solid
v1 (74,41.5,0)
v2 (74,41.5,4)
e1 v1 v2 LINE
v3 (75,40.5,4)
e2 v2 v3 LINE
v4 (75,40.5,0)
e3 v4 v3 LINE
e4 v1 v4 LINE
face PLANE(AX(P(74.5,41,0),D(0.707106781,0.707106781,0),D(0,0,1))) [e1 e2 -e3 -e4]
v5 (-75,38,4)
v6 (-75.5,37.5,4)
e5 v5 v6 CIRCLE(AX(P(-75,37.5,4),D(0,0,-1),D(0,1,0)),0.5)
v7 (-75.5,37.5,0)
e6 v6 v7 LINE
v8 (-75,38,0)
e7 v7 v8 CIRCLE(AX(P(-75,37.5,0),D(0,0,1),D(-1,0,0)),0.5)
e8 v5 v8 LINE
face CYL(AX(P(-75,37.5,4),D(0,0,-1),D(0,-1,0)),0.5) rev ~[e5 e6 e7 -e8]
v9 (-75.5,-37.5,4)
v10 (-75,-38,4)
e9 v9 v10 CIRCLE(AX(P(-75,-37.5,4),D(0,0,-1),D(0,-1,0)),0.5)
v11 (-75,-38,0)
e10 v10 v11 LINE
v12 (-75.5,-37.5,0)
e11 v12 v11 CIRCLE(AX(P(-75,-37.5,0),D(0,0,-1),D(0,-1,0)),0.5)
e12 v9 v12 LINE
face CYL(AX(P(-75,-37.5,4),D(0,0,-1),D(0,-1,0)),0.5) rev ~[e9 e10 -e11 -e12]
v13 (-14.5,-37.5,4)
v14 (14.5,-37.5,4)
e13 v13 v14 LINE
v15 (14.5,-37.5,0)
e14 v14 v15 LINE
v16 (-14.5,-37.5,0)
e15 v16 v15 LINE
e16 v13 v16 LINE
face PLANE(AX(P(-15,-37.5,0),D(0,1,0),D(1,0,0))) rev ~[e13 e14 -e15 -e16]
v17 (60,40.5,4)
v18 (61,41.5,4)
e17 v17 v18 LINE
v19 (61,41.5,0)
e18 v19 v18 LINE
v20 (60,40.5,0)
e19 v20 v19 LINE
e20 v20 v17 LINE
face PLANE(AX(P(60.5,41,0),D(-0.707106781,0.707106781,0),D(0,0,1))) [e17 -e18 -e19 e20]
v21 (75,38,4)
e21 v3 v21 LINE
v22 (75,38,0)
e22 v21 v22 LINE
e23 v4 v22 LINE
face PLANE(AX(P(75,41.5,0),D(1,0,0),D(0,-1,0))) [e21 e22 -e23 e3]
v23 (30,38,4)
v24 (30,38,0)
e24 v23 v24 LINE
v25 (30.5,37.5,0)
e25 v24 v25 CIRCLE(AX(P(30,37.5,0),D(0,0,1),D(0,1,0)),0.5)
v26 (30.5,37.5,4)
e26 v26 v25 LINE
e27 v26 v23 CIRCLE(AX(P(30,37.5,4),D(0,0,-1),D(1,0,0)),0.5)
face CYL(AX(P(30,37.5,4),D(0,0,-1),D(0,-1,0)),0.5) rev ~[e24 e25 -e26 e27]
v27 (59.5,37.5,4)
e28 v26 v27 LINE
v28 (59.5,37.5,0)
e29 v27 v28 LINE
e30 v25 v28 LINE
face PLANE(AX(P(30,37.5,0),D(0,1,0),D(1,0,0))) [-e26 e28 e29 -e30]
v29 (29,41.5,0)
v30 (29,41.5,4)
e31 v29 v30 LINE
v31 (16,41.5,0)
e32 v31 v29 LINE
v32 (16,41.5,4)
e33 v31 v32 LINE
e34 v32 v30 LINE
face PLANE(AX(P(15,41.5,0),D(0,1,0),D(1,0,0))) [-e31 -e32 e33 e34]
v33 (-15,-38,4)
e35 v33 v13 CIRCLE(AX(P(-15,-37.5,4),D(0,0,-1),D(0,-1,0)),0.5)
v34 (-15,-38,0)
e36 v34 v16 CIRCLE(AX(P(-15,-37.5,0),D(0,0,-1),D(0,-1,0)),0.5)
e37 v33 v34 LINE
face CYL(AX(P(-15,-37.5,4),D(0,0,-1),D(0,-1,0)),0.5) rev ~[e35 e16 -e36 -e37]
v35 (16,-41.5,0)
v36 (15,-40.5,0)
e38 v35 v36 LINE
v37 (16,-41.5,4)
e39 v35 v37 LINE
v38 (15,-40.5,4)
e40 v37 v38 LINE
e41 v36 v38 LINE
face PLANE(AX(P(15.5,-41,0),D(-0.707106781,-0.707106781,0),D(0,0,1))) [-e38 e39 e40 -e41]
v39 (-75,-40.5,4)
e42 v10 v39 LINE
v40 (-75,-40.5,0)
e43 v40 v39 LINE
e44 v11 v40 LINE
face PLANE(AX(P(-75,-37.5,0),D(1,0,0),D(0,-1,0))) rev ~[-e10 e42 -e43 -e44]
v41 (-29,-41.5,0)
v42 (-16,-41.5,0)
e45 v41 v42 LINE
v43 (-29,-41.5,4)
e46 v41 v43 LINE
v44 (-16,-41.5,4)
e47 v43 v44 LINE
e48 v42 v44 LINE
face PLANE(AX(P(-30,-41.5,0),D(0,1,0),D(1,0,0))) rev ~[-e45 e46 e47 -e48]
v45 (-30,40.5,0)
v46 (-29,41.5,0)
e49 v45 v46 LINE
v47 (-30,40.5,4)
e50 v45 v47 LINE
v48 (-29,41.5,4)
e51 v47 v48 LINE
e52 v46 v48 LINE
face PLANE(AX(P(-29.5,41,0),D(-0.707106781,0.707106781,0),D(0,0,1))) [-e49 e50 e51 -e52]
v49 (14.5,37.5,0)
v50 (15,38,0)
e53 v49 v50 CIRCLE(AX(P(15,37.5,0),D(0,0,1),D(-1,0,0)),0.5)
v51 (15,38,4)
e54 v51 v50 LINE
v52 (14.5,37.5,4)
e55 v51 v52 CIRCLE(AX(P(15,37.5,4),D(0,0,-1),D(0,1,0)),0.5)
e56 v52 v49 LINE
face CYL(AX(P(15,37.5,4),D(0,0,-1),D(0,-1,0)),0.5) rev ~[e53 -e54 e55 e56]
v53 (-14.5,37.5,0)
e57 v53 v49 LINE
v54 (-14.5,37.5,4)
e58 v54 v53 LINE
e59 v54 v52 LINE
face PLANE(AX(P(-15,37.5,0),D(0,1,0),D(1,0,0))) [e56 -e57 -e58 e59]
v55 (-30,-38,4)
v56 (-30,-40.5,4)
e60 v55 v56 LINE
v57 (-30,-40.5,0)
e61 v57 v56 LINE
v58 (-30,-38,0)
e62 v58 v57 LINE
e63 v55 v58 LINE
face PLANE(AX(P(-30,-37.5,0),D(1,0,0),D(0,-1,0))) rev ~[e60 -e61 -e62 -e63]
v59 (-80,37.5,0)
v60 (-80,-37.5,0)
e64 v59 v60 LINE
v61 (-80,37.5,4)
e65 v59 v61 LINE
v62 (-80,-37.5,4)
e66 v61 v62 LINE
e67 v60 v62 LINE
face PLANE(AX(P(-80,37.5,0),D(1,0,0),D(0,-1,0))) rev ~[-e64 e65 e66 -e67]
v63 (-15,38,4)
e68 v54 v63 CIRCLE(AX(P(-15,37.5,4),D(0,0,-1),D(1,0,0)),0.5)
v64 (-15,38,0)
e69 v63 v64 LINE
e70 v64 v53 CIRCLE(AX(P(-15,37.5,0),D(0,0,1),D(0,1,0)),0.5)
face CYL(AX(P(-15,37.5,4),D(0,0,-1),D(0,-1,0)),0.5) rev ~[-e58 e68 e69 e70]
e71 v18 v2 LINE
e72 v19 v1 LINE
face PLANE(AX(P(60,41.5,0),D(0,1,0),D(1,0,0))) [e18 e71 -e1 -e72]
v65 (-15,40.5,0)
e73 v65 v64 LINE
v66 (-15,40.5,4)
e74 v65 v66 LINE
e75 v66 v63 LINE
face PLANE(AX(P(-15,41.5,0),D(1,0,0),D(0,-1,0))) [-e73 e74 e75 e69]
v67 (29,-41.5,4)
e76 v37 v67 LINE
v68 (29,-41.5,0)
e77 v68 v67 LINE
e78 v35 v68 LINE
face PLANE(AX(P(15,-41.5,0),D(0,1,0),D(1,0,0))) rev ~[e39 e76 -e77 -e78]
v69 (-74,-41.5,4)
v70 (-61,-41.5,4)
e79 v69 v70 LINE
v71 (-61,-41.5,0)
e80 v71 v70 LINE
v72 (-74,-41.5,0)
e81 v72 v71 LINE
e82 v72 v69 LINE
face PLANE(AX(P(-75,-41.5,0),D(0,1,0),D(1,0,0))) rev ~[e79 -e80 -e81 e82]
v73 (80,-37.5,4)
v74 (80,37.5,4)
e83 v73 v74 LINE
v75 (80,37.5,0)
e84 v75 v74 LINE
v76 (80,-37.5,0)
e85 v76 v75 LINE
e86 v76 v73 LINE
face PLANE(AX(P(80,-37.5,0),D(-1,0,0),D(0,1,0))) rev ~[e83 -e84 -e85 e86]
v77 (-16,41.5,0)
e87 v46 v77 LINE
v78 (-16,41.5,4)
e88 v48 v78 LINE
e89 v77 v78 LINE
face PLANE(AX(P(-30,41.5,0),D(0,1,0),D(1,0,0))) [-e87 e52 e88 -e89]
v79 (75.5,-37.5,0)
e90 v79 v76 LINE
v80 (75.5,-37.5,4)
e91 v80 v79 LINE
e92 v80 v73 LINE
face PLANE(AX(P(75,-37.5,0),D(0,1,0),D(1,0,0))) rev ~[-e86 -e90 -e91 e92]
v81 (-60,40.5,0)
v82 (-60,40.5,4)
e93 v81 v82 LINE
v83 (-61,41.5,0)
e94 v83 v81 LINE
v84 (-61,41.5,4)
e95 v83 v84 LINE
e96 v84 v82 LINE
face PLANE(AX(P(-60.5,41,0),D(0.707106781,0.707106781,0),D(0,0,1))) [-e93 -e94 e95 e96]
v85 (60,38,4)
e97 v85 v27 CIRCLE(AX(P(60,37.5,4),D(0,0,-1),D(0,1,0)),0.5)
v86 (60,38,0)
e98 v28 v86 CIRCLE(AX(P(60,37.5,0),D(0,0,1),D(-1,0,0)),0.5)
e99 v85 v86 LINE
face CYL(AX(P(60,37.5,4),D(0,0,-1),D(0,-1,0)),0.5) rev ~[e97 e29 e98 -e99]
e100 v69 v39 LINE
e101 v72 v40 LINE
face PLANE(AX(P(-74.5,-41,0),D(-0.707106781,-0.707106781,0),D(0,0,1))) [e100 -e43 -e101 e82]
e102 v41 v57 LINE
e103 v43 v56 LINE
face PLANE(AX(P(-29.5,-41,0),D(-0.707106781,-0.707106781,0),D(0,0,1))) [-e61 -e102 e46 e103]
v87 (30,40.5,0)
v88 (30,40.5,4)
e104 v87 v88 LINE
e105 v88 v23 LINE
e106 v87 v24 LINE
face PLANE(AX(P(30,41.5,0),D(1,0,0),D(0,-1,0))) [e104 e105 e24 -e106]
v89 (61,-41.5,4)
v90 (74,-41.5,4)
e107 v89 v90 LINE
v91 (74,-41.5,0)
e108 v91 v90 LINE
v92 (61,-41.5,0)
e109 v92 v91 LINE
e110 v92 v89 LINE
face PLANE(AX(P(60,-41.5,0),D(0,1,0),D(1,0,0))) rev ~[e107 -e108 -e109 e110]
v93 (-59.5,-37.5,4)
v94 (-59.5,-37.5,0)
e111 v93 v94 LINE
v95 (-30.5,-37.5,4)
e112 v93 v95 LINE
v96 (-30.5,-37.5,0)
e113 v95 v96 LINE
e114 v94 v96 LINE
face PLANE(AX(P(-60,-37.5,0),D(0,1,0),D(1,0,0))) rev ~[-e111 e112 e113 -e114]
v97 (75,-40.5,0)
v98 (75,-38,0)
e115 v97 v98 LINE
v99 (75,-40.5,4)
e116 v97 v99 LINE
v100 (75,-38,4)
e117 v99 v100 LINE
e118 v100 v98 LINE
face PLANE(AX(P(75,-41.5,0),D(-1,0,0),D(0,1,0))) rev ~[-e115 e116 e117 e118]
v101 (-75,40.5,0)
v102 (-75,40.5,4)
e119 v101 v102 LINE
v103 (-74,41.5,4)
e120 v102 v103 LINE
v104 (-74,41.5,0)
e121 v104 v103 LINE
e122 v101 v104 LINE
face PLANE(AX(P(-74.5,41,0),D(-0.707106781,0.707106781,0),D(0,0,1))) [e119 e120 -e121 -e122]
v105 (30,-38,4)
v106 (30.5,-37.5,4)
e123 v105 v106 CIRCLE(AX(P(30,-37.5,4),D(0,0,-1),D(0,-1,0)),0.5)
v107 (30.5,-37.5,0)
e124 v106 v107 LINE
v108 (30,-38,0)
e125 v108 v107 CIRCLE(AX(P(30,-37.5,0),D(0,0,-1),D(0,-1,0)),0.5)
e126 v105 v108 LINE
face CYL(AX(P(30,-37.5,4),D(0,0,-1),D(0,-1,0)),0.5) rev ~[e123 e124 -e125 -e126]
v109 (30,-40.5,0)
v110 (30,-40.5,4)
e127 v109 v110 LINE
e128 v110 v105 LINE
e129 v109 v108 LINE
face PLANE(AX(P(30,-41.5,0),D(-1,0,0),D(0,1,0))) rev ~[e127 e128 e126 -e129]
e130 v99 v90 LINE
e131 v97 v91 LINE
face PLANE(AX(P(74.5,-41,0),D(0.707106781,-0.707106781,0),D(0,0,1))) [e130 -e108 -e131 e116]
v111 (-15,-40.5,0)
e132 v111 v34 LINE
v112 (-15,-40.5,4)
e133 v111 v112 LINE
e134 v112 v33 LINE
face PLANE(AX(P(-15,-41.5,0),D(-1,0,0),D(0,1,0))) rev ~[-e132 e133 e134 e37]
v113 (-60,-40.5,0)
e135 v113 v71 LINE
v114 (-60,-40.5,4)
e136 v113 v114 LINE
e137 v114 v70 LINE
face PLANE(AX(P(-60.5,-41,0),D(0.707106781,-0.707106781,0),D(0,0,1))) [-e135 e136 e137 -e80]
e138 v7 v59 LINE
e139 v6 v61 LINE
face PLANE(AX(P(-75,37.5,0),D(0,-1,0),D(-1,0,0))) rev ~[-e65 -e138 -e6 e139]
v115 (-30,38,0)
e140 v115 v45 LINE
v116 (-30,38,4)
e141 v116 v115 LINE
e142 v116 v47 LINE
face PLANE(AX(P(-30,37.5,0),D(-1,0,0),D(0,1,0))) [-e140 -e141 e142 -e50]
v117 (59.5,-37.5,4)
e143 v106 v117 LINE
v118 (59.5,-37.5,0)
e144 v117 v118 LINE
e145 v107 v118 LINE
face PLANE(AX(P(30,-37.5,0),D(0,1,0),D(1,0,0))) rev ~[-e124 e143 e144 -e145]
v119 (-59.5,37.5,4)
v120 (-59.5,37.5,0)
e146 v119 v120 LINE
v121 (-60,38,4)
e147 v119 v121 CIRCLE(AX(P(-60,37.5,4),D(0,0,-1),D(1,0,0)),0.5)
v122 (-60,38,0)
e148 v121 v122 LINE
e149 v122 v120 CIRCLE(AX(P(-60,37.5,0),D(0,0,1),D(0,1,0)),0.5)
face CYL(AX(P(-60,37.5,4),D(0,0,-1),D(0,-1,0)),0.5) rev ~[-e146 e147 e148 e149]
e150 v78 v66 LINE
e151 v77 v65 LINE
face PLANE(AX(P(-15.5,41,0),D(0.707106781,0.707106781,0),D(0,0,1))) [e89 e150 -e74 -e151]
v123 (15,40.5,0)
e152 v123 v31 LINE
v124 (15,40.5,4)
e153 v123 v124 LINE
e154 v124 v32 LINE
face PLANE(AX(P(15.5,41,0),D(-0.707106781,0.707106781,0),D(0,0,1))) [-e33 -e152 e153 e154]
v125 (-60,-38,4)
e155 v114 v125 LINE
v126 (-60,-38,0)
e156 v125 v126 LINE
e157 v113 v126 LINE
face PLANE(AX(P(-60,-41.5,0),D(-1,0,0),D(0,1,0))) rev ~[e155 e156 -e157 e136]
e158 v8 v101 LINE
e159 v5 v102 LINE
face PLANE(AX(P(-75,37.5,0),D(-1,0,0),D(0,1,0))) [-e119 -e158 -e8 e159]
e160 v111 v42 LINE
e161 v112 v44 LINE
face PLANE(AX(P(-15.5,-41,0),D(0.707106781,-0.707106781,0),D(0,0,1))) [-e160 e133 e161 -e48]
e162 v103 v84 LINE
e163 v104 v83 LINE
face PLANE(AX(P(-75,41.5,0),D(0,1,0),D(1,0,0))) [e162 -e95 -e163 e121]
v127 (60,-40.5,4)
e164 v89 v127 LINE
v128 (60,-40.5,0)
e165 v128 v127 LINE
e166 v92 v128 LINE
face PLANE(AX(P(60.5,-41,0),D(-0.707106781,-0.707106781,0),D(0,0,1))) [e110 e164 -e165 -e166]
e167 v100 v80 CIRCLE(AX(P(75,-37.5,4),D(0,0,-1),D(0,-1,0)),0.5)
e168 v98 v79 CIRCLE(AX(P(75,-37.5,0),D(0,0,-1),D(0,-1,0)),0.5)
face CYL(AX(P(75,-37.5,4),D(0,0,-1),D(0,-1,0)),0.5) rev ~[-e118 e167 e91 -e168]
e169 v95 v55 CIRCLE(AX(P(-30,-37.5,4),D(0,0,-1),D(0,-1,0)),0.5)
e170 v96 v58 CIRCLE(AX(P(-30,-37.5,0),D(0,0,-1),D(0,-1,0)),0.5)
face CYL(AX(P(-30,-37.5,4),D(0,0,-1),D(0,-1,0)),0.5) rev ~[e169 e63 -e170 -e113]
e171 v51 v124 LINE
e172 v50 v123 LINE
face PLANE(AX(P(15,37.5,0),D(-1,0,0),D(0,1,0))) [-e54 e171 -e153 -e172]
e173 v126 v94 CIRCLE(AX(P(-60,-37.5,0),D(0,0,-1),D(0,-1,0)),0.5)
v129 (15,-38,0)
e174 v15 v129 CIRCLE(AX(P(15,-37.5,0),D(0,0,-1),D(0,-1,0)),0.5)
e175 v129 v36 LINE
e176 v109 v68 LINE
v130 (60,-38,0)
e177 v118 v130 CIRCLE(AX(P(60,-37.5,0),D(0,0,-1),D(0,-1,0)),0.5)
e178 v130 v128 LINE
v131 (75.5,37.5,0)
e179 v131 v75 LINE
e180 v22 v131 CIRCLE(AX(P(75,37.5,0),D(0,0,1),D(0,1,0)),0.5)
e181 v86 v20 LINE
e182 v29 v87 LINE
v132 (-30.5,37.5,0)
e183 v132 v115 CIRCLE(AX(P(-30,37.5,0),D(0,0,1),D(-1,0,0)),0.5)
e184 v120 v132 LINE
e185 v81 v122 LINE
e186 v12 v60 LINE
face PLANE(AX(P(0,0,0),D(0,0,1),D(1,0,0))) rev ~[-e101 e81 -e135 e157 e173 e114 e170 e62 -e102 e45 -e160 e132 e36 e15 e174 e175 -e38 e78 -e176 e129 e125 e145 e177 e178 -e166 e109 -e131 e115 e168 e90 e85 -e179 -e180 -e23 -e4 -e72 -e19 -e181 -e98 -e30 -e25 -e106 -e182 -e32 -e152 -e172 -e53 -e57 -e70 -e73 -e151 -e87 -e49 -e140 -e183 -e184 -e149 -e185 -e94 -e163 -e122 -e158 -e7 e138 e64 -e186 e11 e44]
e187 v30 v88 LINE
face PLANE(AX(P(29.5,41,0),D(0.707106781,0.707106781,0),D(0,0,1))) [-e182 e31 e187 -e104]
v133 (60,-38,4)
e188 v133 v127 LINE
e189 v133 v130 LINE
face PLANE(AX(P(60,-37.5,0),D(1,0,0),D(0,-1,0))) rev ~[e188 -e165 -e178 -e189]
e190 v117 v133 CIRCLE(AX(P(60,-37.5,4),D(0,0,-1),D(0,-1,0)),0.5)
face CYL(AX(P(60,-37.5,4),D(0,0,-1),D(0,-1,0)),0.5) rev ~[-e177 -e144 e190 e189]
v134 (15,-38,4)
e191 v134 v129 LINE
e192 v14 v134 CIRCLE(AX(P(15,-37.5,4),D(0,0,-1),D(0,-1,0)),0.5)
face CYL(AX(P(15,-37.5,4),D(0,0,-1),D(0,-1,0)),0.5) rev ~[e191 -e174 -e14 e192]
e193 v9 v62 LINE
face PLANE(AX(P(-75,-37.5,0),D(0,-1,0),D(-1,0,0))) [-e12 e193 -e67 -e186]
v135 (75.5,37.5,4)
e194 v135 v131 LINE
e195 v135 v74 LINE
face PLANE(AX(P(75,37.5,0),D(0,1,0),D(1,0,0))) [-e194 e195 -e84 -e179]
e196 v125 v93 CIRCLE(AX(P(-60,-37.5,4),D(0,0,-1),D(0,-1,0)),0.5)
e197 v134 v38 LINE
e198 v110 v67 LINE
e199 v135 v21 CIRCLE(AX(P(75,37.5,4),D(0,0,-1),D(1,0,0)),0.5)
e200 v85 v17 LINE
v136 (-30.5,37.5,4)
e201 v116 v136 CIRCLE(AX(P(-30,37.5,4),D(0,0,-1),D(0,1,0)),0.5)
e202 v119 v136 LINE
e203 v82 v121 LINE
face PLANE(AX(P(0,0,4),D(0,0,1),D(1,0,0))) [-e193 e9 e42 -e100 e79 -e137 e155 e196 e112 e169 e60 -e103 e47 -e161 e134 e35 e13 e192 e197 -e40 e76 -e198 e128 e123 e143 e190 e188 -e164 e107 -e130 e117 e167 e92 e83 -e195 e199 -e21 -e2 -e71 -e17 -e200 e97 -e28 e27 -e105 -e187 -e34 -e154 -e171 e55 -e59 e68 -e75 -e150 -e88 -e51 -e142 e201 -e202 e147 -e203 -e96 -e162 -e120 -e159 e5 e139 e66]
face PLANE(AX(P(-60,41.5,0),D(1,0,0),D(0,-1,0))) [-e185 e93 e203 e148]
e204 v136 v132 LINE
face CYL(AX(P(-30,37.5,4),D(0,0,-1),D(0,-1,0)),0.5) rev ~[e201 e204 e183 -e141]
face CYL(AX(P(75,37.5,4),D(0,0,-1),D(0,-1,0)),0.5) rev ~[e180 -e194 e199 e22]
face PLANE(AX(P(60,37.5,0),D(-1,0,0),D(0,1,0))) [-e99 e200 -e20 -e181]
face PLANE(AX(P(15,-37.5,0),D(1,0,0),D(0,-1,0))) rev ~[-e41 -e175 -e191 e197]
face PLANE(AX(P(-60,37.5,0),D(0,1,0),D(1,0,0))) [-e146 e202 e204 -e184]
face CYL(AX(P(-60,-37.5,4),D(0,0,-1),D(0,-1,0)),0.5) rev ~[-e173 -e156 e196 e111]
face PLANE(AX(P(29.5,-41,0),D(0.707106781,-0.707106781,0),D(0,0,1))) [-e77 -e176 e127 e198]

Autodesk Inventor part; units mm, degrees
ref_plane "Plan YZ" through (0, 0, 0) normal (1, 0, 0) x (0, 1, 0)
ref_plane "Plan XZ" through (0, 0, 0) normal (0, 1, 0) x (-1, 0, 0)
ref_plane "Plan XY" through (0, 0, 0) normal (0, 0, 1) x (1, 0, 0)
sketch "Esquisse1" plane through (0, 0, 0) normal (0, 0, 1) x (1, 0, 0)
  line L0 (0, -58.1) -> (0, 58.1) construction
  line L1 (-112, 0) -> (112, 0) construction
  line L2 (-75, 37.5) -> (-75, 41.5)
  line L3 (-75, 41.5) -> (-60, 41.5)
  line L4 (-60, 41.5) -> (-60, 37.5)
  line L5 (-30, 37.5) -> (-30, 41.5)
  line L6 (-30, 41.5) -> (-15, 41.5)
  line L7 (-15, 41.5) -> (-15, 37.5)
  line L8 (15, 37.5) -> (15, 41.5)
  line L9 (15, 41.5) -> (30, 41.5)
  line L10 (30, 41.5) -> (30, 37.5)
  line L11 (60, 37.5) -> (60, 41.5)
  line L12 (60, 41.5) -> (75, 41.5)
  line L13 (75, 41.5) -> (75, 37.5)
  line L14 (-60, 37.5) -> (-30, 37.5)
  line L15 (-15, 37.5) -> (15, 37.5)
  line L16 (30, 37.5) -> (60, 37.5)
  line L17 (-75, 37.5) -> (-80, 37.5)
  line L18 (75, 37.5) -> (80, 37.5)
  line L19 (-75, -37.5) -> (-75, -41.5)
  line L20 (-75, -41.5) -> (-60, -41.5)
  line L21 (-60, -41.5) -> (-60, -37.5)
  line L22 (-30, -37.5) -> (-30, -41.5)
  line L23 (-30, -41.5) -> (-15, -41.5)
  line L24 (-15, -41.5) -> (-15, -37.5)
  line L25 (15, -37.5) -> (15, -41.5)
  line L26 (15, -41.5) -> (30, -41.5)
  line L27 (30, -41.5) -> (30, -37.5)
  line L28 (60, -37.5) -> (60, -41.5)
  line L29 (60, -41.5) -> (75, -41.5)
  line L30 (75, -41.5) -> (75, -37.5)
  line L31 (-60, -37.5) -> (-30, -37.5)
  line L32 (-15, -37.5) -> (15, -37.5)
  line L33 (30, -37.5) -> (60, -37.5)
  line L34 (-75, -37.5) -> (-80, -37.5)
  line L35 (75, -37.5) -> (80, -37.5)
  line L36 (80, -37.5) -> (80, 37.5)
  line L37 (-80, 37.5) -> (-80, -37.5)
  dimension "d2" = 15
  dimension "d8" = 45
  dimension "d13" = 5
  dimension "d14" = 5
  dimension "d15" = 75
  dimension "d16" = 4
  dimension "d17" = 160
extrude "Extrusion1" add sketch "Esquisse1" along normal blind 4
sketch "Esquisse6" plane through (0, 0, 4) normal (0, 0, 1) x (1, 0, 0)
  line L0 (0, -58.1) -> (0, 58.1) construction
  line L1 (-112, 0) -> (112, 0) construction
  point P0 (0, 0)
  point P1 (-75, 37.5)
  point P2 (-60, 37.5)
  point P3 (-30, 37.5)
  point P4 (-15, 37.5)
  point P5 (15, 37.5)
  point P6 (75, 37.5)
  point P7 (30, 37.5)
  point P8 (60, 37.5)
  point P9 (-75, -37.5)
  point P10 (-60, -37.5)
  point P11 (-30, -37.5)
  point P12 (-15, -37.5)
  point P13 (15, -37.5)
  point P14 (75, -37.5)
  point P15 (30, -37.5)
  point P16 (60, -37.5)
hole "Perçage1" at (-75, 37.5, 4) at (-60, 37.5, 4) at (-30, 37.5, 4) at (-15, 37.5, 4) at (15, 37.5, 4) at (75, 37.5, 4) at (30, 37.5, 4) at (60, 37.5, 4) at (60, -37.5, 4) at (30, -37.5, 4) at (75, -37.5, 4) at (15, -37.5, 4) at (-15, -37.5, 4) at (-30, -37.5, 4) at (-60, -37.5, 4) at (-75, -37.5, 4) direction (0, 0, -1) diameter 1 end through all
chamfer "Chanfrein1" distance 1 angle 45 16 edges at (75, 41.5, 2) (60, 41.5, 2) (15, 41.5, 2) (-30, 41.5, 2) (-75, 41.5, 2) (30, 41.5, 2) (-15, 41.5, 2) (-60, 41.5, 2) (-60, -41.5, 2) (-15, -41.5, 2) (30, -41.5, 2) (75, -41.5, 2) (60, -41.5, 2) (-75, -41.5, 2) (-30, -41.5, 2) (15, -41.5, 2)
properties part number "P1704_005" material "Plastique PMMA"
